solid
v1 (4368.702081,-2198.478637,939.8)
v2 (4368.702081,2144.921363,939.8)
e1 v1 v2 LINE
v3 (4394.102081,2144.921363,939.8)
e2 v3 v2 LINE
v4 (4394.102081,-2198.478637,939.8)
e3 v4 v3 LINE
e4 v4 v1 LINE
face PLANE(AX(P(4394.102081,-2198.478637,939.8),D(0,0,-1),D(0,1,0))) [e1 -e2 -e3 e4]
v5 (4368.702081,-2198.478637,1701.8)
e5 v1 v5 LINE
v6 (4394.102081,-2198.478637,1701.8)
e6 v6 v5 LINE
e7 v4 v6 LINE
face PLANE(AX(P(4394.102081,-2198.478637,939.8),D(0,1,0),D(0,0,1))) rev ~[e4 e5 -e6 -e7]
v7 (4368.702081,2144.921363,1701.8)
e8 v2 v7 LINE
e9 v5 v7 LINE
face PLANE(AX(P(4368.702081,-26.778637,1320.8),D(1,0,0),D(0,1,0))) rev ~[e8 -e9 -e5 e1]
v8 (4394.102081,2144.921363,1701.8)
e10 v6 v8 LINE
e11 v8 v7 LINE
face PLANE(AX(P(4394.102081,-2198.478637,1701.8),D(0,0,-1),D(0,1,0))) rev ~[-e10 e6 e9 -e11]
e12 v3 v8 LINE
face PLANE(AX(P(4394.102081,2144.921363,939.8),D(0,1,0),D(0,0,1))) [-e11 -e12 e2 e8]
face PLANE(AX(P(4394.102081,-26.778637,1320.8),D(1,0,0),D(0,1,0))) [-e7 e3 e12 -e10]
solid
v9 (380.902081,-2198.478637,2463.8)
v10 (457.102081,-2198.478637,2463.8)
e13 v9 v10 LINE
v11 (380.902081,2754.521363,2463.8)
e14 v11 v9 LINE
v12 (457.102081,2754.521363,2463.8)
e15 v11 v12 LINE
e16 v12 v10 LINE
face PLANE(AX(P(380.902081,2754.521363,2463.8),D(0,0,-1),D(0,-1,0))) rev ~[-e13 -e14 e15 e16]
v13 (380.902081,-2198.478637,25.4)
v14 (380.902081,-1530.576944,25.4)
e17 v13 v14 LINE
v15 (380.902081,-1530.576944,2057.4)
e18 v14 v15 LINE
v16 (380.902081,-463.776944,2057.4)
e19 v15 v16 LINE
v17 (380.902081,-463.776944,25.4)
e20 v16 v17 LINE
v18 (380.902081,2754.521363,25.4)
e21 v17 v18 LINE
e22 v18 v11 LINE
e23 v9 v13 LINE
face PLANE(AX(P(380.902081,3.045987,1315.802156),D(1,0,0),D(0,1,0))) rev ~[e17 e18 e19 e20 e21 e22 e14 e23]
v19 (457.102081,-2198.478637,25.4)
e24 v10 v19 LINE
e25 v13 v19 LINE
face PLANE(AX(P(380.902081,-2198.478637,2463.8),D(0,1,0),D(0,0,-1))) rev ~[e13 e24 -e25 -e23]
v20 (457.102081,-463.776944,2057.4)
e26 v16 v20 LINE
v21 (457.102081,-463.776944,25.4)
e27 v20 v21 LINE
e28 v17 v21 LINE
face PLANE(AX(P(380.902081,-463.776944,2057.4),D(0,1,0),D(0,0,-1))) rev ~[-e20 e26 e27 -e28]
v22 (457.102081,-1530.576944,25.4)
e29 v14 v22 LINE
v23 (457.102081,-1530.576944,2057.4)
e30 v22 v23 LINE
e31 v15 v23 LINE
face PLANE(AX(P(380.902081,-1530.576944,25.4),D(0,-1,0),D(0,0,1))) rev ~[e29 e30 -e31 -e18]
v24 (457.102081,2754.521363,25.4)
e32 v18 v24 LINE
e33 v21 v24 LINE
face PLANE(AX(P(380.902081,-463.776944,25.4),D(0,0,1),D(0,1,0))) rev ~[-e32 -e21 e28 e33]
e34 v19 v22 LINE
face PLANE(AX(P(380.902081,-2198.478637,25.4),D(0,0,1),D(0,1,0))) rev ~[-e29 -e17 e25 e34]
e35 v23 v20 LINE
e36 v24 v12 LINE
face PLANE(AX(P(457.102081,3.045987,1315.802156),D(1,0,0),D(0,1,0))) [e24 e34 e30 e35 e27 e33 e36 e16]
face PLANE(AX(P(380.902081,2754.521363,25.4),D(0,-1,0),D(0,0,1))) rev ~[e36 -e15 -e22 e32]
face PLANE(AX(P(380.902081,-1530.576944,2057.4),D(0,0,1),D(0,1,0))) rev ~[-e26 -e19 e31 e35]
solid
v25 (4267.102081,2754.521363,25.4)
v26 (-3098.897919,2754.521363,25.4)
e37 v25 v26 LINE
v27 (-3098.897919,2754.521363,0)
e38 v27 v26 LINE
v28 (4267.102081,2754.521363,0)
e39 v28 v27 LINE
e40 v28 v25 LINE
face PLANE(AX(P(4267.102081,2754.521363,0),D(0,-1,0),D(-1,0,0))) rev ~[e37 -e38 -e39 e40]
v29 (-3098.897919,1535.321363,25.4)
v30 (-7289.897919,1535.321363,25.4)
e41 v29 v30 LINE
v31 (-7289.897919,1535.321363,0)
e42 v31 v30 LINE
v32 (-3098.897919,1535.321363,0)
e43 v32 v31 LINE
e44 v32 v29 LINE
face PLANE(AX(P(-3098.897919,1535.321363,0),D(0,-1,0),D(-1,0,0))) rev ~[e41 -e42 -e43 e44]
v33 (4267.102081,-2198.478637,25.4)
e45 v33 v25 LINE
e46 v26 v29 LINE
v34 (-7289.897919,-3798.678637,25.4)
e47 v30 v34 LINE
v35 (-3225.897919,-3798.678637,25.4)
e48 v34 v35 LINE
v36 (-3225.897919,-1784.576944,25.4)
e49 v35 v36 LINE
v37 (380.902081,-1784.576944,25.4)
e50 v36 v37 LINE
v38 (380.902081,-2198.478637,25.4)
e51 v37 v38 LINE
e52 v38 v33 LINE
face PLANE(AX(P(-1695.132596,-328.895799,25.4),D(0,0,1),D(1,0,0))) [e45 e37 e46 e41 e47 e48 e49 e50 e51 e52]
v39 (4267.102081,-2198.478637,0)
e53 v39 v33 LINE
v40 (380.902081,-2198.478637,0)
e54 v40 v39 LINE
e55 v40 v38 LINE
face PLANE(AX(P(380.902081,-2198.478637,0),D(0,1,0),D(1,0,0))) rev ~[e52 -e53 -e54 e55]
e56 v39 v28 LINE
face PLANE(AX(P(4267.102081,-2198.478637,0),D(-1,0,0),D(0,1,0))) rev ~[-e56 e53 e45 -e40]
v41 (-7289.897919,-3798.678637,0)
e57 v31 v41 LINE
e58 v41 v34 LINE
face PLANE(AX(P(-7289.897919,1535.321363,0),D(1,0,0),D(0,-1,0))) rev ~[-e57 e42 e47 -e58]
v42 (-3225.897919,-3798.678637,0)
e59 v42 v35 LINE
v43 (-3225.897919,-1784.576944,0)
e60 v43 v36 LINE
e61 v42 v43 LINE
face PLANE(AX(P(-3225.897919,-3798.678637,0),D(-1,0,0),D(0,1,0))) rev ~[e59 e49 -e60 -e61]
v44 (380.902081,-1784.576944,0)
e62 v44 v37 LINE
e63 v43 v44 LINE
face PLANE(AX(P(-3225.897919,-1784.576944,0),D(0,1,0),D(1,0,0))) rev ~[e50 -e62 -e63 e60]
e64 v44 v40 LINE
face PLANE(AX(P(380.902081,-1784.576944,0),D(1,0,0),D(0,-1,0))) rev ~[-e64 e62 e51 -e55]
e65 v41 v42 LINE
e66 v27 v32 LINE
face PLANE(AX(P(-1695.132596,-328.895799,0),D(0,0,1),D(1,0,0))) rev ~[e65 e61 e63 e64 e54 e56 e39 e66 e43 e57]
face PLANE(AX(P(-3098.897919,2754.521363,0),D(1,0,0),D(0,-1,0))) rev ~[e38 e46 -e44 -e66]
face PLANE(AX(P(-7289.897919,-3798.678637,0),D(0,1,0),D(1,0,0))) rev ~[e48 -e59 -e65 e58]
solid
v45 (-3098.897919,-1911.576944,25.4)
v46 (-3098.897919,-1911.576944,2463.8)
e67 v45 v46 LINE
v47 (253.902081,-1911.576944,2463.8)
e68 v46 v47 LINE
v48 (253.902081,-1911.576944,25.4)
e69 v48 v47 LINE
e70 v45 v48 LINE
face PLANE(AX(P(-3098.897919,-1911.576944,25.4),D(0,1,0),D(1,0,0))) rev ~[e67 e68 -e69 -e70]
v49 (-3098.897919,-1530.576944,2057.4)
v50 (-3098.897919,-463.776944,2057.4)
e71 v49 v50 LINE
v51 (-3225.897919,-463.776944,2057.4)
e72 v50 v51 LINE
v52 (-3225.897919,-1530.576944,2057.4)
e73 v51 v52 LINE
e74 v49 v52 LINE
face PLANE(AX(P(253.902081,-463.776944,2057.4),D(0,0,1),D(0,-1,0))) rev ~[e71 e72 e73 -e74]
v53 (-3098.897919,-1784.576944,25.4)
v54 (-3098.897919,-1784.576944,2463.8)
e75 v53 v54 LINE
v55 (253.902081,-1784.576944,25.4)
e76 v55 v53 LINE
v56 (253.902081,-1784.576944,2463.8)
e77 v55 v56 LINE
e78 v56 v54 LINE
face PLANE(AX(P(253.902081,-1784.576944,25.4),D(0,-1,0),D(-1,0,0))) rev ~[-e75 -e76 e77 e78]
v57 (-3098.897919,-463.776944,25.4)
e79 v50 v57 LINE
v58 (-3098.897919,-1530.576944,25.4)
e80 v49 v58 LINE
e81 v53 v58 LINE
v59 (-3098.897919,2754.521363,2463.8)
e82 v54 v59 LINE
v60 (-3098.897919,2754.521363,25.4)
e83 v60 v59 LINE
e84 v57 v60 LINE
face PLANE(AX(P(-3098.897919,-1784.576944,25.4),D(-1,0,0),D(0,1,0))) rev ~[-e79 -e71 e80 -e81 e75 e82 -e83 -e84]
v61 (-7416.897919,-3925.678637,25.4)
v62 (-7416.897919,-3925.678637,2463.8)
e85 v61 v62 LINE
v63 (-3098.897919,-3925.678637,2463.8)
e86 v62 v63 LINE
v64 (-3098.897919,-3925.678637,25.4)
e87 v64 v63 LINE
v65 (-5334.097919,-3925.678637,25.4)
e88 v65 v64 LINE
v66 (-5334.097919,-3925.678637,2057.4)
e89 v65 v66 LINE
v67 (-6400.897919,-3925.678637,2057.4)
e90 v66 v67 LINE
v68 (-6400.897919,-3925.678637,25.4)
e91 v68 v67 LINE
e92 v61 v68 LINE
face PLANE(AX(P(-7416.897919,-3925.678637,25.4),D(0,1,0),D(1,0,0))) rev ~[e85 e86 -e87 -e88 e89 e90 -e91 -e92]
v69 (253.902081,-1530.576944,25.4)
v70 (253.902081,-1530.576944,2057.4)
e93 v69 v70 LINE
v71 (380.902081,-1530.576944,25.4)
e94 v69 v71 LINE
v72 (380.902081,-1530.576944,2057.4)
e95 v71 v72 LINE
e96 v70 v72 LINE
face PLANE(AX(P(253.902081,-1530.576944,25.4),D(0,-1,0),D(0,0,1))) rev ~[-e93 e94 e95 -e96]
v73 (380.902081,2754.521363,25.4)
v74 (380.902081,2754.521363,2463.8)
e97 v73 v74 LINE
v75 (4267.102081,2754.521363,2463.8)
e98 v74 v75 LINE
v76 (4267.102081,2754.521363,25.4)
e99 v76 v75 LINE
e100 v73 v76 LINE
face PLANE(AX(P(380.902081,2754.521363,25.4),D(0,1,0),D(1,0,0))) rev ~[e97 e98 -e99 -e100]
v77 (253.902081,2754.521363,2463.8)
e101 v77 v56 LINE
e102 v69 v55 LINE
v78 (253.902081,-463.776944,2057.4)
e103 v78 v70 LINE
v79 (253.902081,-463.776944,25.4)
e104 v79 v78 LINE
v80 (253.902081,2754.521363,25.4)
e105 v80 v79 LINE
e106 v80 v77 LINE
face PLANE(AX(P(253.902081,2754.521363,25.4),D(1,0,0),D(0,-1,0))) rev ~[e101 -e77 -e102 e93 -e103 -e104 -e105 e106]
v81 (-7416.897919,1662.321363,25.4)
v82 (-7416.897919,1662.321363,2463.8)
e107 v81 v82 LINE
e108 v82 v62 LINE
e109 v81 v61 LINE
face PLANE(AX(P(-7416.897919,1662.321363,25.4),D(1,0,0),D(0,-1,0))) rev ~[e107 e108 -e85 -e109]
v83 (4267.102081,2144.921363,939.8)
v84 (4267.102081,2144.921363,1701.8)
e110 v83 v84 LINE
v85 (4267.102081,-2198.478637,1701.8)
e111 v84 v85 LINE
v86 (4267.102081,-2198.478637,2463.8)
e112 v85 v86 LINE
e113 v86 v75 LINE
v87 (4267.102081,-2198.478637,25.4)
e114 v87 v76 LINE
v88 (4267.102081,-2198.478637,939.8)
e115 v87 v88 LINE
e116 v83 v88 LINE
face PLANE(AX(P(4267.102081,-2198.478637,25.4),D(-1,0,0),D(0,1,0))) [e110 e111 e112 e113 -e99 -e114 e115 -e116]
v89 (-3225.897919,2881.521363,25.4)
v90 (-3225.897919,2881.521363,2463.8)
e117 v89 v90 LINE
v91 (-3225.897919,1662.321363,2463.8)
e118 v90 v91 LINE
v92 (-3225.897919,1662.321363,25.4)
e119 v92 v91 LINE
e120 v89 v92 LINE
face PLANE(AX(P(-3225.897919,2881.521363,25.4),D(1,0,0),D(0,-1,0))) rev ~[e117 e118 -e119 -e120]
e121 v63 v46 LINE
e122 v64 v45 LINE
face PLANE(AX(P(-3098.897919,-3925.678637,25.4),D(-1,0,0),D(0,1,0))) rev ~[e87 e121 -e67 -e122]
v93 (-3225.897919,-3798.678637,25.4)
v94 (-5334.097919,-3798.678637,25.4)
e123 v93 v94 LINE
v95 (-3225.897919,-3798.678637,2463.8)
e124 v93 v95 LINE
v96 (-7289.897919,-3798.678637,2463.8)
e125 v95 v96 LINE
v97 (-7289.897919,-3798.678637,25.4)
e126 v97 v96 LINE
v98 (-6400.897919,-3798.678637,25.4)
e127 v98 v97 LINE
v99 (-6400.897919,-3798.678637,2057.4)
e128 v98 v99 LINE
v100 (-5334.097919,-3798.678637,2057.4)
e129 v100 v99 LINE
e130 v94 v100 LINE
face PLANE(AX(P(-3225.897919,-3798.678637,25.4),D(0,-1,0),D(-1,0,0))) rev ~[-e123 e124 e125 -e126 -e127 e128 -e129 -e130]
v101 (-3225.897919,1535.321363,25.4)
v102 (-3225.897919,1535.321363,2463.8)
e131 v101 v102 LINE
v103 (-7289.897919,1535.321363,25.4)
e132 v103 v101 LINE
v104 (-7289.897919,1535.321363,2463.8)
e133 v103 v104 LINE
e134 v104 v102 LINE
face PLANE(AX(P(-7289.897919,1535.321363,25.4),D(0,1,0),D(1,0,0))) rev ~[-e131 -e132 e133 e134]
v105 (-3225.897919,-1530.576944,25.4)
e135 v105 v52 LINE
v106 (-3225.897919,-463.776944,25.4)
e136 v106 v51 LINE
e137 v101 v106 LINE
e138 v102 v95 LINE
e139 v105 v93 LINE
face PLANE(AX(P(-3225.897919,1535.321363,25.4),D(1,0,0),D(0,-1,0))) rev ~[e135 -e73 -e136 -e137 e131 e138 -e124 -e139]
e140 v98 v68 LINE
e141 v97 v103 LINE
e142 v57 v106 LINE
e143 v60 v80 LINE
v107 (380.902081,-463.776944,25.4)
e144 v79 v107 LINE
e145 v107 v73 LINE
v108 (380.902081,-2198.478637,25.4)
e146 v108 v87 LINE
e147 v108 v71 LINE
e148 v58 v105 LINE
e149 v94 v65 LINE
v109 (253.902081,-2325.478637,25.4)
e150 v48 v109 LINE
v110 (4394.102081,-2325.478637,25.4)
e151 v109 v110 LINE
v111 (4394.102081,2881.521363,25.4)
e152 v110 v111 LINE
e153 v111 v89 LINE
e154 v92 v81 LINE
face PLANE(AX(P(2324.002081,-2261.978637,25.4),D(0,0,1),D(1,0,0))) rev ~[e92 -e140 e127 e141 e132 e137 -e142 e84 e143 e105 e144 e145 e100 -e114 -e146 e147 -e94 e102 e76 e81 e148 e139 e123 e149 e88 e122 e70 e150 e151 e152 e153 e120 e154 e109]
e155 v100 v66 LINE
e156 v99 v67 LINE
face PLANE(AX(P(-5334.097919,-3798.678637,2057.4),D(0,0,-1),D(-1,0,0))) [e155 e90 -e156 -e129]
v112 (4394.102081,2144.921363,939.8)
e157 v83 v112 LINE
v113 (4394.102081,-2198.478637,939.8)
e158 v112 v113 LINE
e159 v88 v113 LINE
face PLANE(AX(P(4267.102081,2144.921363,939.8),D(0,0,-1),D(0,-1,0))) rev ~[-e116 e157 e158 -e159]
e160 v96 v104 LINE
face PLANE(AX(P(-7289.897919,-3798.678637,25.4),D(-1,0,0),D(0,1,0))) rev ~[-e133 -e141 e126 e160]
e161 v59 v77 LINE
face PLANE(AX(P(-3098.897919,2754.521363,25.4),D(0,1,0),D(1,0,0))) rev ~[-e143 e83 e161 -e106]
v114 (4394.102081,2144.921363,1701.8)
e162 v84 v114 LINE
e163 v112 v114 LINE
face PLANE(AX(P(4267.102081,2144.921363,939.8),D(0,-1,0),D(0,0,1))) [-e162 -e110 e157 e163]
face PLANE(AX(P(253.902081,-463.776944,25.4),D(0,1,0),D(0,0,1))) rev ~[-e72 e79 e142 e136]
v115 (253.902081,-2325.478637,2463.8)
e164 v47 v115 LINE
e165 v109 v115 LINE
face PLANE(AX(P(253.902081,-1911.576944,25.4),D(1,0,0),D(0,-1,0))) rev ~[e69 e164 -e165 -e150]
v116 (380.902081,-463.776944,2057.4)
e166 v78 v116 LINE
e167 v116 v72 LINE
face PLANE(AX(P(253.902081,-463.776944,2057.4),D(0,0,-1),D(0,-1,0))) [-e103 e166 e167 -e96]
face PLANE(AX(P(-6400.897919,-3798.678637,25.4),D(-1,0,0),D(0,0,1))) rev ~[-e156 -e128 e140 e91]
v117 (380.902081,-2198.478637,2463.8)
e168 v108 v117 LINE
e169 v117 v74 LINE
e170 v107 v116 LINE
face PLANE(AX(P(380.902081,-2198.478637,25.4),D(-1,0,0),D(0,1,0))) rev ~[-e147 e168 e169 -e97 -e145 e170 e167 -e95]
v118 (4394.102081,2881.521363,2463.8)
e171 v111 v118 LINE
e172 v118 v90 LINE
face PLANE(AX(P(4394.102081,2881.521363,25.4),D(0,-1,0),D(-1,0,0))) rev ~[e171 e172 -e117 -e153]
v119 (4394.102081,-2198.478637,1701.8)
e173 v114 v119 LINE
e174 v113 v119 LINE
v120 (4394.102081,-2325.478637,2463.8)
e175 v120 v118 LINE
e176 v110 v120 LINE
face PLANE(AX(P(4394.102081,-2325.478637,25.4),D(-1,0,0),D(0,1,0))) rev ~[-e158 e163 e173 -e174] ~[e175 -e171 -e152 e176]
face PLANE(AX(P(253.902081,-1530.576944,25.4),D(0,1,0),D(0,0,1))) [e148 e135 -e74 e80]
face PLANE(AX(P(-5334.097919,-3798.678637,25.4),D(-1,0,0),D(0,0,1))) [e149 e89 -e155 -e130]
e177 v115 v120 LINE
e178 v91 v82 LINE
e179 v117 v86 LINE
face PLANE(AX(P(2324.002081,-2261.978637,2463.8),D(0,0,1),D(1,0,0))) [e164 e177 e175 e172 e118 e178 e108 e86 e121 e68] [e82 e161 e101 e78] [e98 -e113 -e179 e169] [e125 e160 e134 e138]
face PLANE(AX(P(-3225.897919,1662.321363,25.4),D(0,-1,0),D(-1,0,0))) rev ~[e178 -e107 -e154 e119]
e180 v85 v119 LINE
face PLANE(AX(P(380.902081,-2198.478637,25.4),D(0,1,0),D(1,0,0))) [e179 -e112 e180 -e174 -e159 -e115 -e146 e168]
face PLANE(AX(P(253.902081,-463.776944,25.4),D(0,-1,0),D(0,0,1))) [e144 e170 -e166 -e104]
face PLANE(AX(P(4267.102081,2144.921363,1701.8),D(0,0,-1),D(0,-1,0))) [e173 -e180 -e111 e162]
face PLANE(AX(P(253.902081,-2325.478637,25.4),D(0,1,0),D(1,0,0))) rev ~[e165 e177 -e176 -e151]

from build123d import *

# Parameters (mm, degrees)
F1_DEPTH      = 25.4
F2_W          = 3886.2
F2_H          = 127
F2_W_2        = 127
F2_H_2        = 4953
F2_W_3        = 4064
F3_DEPTH      = 2438.4
F4_W          = 1066.8
F4_H          = 2032
F5_DEPTH      = 127
F5_DEPTH_BACK = 3530.6
F6_W          = 1066.8
F6_H          = 2032
F7_DEPTH      = 127
F8_W          = 4343.4
F8_H          = 762
F9_DEPTH      = 127
F10_W         = 4343.4
F10_H         = 762
F11_DEPTH     = 25.4
F13_DEPTH     = 2438.4
F18_DEPTH     = 76.2


with BuildPart() as f1:
    # F0 (on Top) → F1 (new body)
    with BuildSketch(Plane.XY):
        Polygon((4267.1020812988, 2754.5213634491), (380.9020812988, 2754.5213634491), (-3098.8979187012, 2754.5213634491), (-3098.8979187012, 1535.3213634491), (-7289.8979187012, 1535.3213634491), (-7289.8979187012, -3798.6786365509), (-3225.8979187012, -3798.6786365509), (-3225.8979187012, -1784.5769438744), (380.9020812988, -1784.5769438744), (380.9020812988, -2198.4786365509), (4267.1020812988, -2198.4786365509), align=None)
    extrude(amount=F1_DEPTH)


with BuildPart() as f3:
    # F2 (on face) → F3 (new body)
    with BuildSketch(Plane.XY.offset(25.4)):
        with Locations((2324.0020812988, -2261.9786365509)):
            Rectangle(F2_W, F2_H)
        Polygon((380.9020812988, -2325.4786365509), (380.9020812988, -2198.4786365509), (380.9020812988, -1991.5277902126), (380.9020812988, -1784.5769438744), (380.9020812988, 2754.5213634491), (253.9020812988, 2754.5213634491), (253.9020812988, -1784.5769438744), (-3098.8979187012, -1784.5769438744), (-3225.8979187012, -1784.5769438744), (-3225.8979187012, -1991.5277902126), (-3225.8979187012, -3798.6786365509), (-3225.8979187012, -3925.6786365509), (-3098.8979187012, -3925.6786365509), (-3098.8979187012, -1911.5769438744), (253.9020812988, -1911.5769438744), (253.9020812988, -2325.4786365509), align=None)
        with Locations((4330.6020812988, 278.0213634491)):
            Rectangle(F2_W_2, F2_H_2)
        with Locations((4330.6020812988, -2261.9786365509)):
            Rectangle(F2_W_2, F2_H)
        Polygon((380.9020812988, 2754.5213634491), (4267.1020812988, 2754.5213634491), (4394.1020812988, 2754.5213634491), (4394.1020812988, 2881.5213634491), (-3098.8979187012, 2881.5213634491), (-3098.8979187012, 2754.5213634491), (253.9020812988, 2754.5213634491), align=None)
        Polygon((-3098.8979187012, 2754.5213634491), (-3098.8979187012, 2881.5213634491), (-3225.8979187012, 2881.5213634491), (-3225.8979187012, 1662.3213634491), (-3225.8979187012, 1535.3213634491), (-3225.8979187012, -1784.5769438744), (-3098.8979187012, -1784.5769438744), (-3098.8979187012, 1535.3213634491), (-3098.8979187012, 1662.3213634491), align=None)
        Polygon((-7416.8979187012, -3925.6786365509), (-3225.8979187012, -3925.6786365509), (-3225.8979187012, -3798.6786365509), (-7289.8979187012, -3798.6786365509), (-7416.8979187012, -3798.6786365509), align=None)
        with Locations((-5257.8979187012, 1598.8213634491)):
            Rectangle(F2_W_3, F2_H)
        Polygon((-7289.8979187012, 1535.3213634491), (-7289.8979187012, 1662.3213634491), (-7416.8979187012, 1662.3213634491), (-7416.8979187012, -3798.6786365509), (-7289.8979187012, -3798.6786365509), align=None)
    extrude(amount=F3_DEPTH)

    # F4 (on face) → F5 (cut, two sides)
    with BuildSketch(Plane(origin=(253.9020812988, 0, 0), x_dir=(0, -1, 0), z_dir=(-1, 0, 0))) as f5_sk:
        with Locations((997.1769438744, 1041.4)):
            Rectangle(F4_W, F4_H)
    extrude(amount=-F5_DEPTH, mode=Mode.SUBTRACT)
    extrude(f5_sk.sketch, amount=F5_DEPTH_BACK, mode=Mode.SUBTRACT)

    # F6 (on face) → F7 (cut)
    with BuildSketch(Plane(origin=(0, -3798.6786365509, 0), x_dir=(-1, 0, 0), z_dir=(0, 1, 0))):
        with Locations((5867.4979187012, 1041.4)):
            Rectangle(F6_W, F6_H)
    extrude(amount=-F7_DEPTH, mode=Mode.SUBTRACT)

    # F8 (on face) → F9 (cut)
    with BuildSketch(Plane(origin=(4267.1020812988, 0, 0), x_dir=(0, -1, 0), z_dir=(-1, 0, 0))):
        with Locations((26.7786365509, 1320.8)):
            Rectangle(F8_W, F8_H)
    extrude(amount=-F9_DEPTH, mode=Mode.SUBTRACT)


with BuildPart() as f11:
    # F10 (on face) → F11 (new body)
    with BuildSketch(Plane.YZ.offset(4394.1020812988)):
        with Locations((-26.7786365509, 1320.8)):
            Rectangle(F10_W, F10_H)
    extrude(amount=-F11_DEPTH)


with BuildPart() as f13:
    # F12 (on face) → F13 (new body)
    with BuildSketch(Plane.XY.offset(25.4)):
        Polygon((2031.9020812988, 2754.5213634491), (380.9020812988, 2754.5213634491), (380.9020812988, 595.5213634491), (380.9020812988, 290.7213634491), (2336.7020812988, 2754.5213634491), align=None)
    extrude(amount=F13_DEPTH)


with BuildPart() as f14_1:
    # F14: copy of F13
    add(f13.part)


with BuildPart() as f18:
    # F17 (on face) → F18 (new body)
    with BuildSketch(Plane.YZ.offset(380.9020812988)):
        Polygon((-463.7769438744, 25.4), (2754.5213634491, 25.4), (2754.5213634491, 2463.8), (-2198.4786365509, 2463.8), (-2198.4786365509, 25.4), (-1530.5769438744, 25.4), (-1530.5769438744, 2057.4), (-463.7769438744, 2057.4), align=None)
    extrude(amount=F18_DEPTH)


solid = Compound([f1.part, f3.part, f11.part, f18.part])
